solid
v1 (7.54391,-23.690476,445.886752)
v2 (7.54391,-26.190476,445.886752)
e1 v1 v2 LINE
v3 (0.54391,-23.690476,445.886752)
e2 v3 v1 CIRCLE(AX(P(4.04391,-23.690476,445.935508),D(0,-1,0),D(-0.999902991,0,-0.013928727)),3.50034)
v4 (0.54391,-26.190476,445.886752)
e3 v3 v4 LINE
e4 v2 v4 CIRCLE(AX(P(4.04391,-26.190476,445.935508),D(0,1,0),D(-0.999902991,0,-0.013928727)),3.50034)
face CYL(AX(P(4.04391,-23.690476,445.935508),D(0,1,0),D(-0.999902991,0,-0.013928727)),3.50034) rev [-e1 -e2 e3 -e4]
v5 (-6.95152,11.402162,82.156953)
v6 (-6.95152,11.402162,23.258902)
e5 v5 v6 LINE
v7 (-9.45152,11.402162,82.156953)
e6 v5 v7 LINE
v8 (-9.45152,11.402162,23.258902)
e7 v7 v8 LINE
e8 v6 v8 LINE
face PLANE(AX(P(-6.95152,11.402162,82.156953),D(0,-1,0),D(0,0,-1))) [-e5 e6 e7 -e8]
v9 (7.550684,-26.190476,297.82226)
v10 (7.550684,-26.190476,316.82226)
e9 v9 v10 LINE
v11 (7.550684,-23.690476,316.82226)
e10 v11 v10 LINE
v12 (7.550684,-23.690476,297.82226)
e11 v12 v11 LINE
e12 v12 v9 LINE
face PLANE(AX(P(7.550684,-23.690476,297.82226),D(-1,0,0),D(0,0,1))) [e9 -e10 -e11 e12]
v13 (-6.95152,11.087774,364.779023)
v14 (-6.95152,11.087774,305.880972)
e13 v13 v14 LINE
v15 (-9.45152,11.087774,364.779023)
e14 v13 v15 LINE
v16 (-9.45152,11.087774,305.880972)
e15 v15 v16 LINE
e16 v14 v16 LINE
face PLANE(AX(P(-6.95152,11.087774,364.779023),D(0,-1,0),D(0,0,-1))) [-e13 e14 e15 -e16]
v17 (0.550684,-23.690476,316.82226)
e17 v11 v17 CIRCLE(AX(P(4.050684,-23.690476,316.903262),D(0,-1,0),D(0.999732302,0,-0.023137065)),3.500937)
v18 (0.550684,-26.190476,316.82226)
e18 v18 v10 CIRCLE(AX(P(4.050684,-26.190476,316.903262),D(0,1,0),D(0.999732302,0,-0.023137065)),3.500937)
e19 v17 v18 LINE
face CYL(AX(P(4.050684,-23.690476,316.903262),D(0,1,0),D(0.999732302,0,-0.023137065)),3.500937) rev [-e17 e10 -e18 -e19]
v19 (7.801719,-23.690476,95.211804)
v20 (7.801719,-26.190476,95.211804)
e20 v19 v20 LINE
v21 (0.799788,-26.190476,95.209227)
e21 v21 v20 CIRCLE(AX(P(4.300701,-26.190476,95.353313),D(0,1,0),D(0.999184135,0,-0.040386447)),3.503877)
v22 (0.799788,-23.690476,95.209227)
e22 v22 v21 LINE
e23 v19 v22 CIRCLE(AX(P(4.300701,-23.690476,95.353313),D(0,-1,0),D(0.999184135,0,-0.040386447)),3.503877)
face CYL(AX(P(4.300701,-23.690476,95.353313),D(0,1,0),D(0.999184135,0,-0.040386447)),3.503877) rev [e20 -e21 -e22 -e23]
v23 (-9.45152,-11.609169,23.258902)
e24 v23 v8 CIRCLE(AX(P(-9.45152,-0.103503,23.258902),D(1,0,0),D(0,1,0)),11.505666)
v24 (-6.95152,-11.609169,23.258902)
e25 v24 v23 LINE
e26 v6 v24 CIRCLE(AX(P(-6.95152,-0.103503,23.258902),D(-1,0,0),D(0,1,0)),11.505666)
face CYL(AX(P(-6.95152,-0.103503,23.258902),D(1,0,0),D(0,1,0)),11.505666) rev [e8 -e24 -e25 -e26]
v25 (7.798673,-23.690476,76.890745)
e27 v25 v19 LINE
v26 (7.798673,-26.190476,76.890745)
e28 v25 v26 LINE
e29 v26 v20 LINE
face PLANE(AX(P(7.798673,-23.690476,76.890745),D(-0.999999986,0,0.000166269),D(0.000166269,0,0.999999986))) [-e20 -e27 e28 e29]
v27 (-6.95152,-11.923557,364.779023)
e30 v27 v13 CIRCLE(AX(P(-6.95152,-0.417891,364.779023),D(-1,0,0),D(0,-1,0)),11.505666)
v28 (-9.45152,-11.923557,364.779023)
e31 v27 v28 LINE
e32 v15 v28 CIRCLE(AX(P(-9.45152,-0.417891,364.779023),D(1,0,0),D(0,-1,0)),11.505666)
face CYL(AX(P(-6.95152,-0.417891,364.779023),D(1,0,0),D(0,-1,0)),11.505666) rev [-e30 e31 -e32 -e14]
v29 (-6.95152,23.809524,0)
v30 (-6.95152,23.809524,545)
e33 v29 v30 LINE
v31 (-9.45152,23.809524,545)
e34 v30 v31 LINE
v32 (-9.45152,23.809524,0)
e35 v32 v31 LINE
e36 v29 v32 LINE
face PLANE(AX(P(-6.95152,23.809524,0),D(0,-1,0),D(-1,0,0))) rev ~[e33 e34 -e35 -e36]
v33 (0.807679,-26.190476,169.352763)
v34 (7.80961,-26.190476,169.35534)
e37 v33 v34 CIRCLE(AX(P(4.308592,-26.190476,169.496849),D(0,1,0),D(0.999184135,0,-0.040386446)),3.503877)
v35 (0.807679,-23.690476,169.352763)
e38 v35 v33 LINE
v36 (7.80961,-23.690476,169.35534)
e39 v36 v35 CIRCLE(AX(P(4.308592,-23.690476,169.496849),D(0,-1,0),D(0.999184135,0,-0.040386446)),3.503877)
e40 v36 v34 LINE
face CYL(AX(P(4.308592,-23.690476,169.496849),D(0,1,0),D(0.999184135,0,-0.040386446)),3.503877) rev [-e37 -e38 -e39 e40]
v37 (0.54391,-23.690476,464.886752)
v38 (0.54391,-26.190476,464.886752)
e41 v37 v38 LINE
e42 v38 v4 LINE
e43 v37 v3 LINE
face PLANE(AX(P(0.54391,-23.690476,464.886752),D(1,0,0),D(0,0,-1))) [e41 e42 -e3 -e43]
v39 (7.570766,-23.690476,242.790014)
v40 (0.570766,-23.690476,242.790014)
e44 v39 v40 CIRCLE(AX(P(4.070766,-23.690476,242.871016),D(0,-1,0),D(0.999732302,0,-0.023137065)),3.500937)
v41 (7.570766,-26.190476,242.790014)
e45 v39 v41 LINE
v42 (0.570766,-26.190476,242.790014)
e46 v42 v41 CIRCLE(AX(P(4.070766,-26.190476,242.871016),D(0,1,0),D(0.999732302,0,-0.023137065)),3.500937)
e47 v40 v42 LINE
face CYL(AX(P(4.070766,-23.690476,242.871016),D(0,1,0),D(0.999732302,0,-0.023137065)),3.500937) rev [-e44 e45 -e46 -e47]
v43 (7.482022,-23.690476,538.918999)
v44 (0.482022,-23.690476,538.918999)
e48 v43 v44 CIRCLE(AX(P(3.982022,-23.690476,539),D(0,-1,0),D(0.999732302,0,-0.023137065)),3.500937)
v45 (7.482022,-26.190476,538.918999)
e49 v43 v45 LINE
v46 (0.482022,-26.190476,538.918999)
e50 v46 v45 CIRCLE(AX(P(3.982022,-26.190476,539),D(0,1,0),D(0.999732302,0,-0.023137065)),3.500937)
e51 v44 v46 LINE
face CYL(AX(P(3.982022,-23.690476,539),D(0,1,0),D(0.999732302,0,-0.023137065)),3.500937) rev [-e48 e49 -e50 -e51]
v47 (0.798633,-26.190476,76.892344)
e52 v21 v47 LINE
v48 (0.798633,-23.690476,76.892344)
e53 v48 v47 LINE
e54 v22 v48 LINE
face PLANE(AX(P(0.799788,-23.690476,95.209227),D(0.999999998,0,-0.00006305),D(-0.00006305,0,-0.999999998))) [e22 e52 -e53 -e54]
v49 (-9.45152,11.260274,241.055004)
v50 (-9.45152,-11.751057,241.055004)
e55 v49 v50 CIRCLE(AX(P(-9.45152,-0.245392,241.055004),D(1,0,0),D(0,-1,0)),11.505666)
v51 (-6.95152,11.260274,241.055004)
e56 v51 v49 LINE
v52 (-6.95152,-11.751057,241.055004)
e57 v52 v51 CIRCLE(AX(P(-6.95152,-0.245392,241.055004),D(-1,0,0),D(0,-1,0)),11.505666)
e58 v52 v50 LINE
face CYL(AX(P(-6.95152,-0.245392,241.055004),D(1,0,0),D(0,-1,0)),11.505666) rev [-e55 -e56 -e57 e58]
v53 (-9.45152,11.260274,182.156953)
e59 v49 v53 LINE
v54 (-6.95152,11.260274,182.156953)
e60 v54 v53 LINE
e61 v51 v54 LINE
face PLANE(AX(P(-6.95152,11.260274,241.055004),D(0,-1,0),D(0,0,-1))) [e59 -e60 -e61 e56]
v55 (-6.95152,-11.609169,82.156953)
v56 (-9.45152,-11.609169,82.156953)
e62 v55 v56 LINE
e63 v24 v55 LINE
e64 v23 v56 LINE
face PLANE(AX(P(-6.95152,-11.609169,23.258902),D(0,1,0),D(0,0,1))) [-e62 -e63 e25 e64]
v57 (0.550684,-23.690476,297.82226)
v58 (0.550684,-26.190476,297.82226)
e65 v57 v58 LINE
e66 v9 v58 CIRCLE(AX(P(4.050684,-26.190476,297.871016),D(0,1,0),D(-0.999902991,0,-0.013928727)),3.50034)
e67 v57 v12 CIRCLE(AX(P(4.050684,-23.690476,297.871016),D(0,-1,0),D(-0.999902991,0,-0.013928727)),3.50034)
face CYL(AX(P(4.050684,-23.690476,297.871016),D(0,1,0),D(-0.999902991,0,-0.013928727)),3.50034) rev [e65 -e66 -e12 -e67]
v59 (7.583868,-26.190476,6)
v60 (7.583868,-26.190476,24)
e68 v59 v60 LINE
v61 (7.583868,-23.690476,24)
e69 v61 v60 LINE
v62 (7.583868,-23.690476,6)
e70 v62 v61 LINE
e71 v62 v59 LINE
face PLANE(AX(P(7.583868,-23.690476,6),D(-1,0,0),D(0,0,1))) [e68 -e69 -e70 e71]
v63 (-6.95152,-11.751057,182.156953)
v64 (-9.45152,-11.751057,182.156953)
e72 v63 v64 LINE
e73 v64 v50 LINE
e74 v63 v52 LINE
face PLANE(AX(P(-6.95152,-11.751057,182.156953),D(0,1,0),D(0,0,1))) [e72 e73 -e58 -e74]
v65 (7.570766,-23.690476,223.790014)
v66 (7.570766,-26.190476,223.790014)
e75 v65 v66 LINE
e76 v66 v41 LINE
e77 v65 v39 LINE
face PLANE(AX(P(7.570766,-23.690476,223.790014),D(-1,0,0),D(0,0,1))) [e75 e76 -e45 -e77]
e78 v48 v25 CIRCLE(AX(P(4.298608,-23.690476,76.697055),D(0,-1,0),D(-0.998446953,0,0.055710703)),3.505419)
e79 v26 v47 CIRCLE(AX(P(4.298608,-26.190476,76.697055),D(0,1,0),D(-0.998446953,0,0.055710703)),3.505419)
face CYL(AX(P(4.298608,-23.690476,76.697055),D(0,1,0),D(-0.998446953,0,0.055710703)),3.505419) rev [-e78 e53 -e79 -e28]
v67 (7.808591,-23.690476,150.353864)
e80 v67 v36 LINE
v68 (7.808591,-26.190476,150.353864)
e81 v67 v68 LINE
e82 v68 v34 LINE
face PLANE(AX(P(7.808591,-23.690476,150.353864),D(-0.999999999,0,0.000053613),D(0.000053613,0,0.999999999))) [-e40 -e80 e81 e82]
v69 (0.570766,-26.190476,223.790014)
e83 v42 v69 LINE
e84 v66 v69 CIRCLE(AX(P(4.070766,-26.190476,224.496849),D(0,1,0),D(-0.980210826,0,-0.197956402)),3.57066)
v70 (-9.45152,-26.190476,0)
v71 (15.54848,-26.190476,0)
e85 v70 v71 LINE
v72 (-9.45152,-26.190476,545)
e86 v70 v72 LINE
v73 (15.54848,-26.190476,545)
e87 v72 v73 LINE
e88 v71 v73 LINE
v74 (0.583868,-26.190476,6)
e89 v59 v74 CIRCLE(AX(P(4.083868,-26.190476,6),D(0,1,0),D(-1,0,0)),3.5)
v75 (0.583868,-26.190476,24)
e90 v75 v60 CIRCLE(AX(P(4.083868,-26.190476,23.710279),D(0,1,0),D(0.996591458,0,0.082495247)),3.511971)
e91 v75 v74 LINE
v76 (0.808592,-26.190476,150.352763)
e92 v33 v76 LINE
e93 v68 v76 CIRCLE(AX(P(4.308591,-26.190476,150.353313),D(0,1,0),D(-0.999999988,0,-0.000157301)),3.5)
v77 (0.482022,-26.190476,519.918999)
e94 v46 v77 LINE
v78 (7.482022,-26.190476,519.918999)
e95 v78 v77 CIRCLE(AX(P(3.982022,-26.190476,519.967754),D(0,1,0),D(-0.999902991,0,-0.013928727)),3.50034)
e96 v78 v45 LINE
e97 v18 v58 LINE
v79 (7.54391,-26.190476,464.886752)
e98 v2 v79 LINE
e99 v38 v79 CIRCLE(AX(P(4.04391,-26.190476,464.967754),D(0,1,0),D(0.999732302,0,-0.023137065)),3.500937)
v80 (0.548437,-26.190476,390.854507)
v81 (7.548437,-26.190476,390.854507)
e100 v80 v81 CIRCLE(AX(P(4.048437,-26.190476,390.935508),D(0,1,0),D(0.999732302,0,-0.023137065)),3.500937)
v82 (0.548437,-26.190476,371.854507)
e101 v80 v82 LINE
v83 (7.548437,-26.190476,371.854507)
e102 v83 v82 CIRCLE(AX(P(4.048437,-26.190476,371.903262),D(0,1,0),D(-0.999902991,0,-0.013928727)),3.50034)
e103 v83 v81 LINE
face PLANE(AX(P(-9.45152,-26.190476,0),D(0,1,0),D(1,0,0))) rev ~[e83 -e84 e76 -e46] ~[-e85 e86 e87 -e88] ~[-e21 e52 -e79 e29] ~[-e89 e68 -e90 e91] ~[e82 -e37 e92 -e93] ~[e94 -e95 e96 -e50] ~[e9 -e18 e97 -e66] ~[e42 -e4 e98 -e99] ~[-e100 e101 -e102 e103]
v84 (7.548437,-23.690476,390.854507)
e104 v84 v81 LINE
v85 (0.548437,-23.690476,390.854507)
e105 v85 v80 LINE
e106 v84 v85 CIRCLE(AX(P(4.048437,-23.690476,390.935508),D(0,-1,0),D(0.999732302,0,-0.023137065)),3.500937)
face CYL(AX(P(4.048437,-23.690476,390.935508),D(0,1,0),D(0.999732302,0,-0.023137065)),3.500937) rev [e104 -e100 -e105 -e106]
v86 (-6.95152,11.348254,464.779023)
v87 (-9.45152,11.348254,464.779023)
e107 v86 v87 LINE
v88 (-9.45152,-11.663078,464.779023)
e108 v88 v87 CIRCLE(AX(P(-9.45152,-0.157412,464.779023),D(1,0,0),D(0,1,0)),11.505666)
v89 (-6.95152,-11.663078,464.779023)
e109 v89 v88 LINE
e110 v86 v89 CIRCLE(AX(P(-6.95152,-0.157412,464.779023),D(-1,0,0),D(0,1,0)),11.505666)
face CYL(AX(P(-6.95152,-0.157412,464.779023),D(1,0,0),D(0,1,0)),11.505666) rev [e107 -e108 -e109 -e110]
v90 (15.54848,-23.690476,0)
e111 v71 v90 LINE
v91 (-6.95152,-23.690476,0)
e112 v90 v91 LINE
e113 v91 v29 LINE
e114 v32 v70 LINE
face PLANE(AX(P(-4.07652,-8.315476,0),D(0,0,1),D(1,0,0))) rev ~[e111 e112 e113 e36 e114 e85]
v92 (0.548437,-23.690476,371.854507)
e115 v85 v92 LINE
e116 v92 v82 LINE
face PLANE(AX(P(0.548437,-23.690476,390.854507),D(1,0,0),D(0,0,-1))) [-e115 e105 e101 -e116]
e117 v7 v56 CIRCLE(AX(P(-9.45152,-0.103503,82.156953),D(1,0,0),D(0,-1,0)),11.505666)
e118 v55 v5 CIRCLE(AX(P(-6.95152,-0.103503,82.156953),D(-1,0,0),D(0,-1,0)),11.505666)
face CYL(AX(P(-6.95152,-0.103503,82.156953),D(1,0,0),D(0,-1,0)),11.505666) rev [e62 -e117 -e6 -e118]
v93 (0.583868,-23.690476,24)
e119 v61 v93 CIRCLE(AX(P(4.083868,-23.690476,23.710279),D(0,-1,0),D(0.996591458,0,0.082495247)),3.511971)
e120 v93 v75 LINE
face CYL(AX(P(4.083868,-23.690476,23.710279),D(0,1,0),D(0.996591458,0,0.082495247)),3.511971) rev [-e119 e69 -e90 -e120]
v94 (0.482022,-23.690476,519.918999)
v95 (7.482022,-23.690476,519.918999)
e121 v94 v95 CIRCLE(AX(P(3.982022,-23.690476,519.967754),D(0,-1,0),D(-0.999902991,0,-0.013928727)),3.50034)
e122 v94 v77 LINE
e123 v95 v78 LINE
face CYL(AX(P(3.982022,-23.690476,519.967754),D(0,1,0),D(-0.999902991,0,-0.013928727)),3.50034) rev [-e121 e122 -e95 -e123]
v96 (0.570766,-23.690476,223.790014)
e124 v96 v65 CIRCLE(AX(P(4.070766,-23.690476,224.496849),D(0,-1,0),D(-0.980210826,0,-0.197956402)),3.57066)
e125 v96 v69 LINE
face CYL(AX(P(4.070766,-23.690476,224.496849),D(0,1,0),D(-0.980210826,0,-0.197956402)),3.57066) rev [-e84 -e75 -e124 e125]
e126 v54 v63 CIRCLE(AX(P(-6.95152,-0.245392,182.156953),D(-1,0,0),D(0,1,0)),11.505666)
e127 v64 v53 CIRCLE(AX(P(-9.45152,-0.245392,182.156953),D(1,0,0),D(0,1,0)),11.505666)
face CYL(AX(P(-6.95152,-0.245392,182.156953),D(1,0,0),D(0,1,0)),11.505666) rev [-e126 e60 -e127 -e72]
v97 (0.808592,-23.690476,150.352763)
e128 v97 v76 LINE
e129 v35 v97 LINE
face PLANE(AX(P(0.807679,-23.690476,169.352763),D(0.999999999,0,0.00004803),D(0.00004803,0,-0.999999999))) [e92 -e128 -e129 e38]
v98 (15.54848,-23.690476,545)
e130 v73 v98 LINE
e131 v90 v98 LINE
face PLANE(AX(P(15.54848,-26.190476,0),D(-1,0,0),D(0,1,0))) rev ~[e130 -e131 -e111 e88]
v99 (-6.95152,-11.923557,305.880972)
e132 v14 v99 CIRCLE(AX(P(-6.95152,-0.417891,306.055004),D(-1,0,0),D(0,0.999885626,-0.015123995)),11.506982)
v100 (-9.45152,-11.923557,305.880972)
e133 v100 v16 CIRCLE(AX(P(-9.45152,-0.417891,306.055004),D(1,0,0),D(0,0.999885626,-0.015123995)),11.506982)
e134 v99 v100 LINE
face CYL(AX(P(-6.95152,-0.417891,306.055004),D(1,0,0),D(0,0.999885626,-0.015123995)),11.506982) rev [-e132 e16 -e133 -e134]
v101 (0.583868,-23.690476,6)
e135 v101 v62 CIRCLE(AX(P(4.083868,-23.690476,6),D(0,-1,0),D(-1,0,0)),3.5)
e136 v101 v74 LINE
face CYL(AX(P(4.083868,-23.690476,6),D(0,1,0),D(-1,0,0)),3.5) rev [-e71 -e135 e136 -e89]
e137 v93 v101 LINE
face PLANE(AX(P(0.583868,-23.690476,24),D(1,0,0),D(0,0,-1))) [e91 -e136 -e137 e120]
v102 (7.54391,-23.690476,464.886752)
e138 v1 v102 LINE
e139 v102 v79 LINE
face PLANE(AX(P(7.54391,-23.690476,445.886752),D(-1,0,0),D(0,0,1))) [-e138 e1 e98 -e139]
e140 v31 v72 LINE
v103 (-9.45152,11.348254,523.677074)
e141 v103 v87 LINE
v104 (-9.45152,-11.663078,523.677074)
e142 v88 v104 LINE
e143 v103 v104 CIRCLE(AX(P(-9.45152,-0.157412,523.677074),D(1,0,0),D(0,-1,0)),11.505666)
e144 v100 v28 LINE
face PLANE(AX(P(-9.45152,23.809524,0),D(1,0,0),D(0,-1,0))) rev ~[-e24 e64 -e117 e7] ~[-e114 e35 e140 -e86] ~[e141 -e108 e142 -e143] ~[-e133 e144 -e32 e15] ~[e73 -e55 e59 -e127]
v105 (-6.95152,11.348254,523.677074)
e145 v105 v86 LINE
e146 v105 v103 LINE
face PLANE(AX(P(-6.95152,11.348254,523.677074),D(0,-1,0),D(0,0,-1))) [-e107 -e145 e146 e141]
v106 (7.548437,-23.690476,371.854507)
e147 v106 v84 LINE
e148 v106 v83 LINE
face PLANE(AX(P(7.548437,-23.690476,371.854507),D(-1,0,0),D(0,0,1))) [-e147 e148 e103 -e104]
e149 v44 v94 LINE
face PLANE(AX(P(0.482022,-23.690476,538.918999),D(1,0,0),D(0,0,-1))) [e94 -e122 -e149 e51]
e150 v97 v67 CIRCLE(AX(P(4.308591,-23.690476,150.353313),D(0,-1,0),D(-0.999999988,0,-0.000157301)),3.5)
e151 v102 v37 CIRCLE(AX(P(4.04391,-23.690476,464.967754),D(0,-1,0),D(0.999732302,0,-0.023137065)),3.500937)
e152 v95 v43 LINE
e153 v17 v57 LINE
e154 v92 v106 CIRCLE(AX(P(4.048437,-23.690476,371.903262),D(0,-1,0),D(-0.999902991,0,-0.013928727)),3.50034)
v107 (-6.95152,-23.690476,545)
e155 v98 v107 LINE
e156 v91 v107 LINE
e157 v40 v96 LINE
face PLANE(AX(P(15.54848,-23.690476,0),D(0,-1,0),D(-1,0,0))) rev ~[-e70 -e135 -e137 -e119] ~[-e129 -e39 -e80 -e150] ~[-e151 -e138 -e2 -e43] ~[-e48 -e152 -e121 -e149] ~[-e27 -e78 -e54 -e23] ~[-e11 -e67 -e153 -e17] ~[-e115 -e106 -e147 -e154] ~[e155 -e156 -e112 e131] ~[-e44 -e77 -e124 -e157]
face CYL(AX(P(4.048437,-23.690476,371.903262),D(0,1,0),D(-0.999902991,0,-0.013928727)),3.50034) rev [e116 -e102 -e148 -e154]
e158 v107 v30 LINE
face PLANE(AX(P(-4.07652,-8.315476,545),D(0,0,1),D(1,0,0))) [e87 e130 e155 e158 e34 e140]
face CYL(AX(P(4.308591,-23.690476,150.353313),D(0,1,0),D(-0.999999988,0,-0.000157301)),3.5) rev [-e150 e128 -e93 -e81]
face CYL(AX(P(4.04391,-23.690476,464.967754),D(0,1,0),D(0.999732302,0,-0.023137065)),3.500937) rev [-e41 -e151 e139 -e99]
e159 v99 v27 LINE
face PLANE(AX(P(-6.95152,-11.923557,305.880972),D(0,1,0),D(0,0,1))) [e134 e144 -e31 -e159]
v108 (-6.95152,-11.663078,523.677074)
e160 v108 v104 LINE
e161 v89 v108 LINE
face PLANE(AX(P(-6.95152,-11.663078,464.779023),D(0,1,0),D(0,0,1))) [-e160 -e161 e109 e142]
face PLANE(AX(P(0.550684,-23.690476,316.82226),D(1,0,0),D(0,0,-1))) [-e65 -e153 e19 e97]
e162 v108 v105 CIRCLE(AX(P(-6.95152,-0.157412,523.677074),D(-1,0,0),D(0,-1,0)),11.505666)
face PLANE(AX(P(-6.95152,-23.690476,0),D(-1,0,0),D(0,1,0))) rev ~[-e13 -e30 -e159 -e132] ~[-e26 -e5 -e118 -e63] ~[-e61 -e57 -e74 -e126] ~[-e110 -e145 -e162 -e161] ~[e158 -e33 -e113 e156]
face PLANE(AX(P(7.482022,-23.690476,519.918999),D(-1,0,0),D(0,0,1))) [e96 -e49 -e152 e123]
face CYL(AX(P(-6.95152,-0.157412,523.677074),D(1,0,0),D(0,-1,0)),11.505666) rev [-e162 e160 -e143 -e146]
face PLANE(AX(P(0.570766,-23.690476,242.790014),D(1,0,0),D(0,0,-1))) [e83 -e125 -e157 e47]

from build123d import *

# Parameters (mm, degrees)
BOSS_EXTRUDE1_DEPTH = 545
CUT_EXTRUDE2_DEPTH  = 10
CUT_EXTRUDE3_DEPTH  = 10


with BuildPart() as part:
    # Sketch1 → Boss-Extrude1 (new body)
    with BuildSketch(Plane.XY):
        Polygon((-9.451520251, 23.80952381), (-9.451520251, -26.19047619), (15.548479749, -26.19047619), (15.548479749, -23.69047619), (-6.951520251, -23.69047619), (-6.951520251, 23.80952381), align=None)
    extrude(amount=BOSS_EXTRUDE1_DEPTH)

    # Sketch3 → Cut-Extrude2 (cut)
    with BuildSketch(Plane(origin=(0, -23.69047619, 0), x_dir=(1, 0, 0), z_dir=(0, 1, 0))):
        with BuildLine():
            Line((0.57076558, -242.790014276), (0.57076558, -223.790014276))
            ThreePointArc((0.57076558, -223.790014276), (4.07076558, -220.926188945), (7.57076558, -223.790014276))
            Line((7.57076558, -223.790014276), (7.57076558, -242.790014276))
            ThreePointArc((7.57076558, -242.790014276), (4.07076558, -246.37195288), (0.57076558, -242.790014276))
        make_face()
        with BuildLine():
            Line((0.807679204, -169.35276274), (0.808591774, -150.352762761))
            ThreePointArc((0.808591774, -150.352762761), (4.309142051, -146.853313591), (7.808591221, -150.353863868))
            Line((7.808591221, -150.353863868), (7.809609956, -169.355340241))
            ThreePointArc((7.809609956, -169.355340241), (4.307302192, -173.000725763), (0.807679204, -169.35276274))
        make_face()
        with BuildLine():
            Line((0.583868221, -24), (0.583868221, -6))
            ThreePointArc((0.583868221, -6), (4.083868221, -2.5), (7.583868221, -6))
            Line((7.583868221, -6), (7.583868221, -24))
            ThreePointArc((7.583868221, -24), (4.083868221, -27.222249808), (0.583868221, -24))
        make_face()
        with BuildLine():
            Line((0.55068367, -316.822260412), (0.55068367, -297.822260412))
            ThreePointArc((0.55068367, -297.822260412), (4.05068367, -294.370676122), (7.55068367, -297.822260412))
            Line((7.55068367, -297.822260412), (7.55068367, -316.822260412))
            ThreePointArc((7.55068367, -316.822260412), (4.05068367, -320.404199017), (0.55068367, -316.822260412))
        make_face()
        with BuildLine():
            Line((0.548436659, -390.854506502), (0.548436659, -371.854506502))
            ThreePointArc((0.548436659, -371.854506502), (4.048436659, -368.402922212), (7.548436659, -371.854506502))
            Line((7.548436659, -371.854506502), (7.548436659, -390.854506502))
            ThreePointArc((7.548436659, -390.854506502), (4.048436659, -394.436445107), (0.548436659, -390.854506502))
        make_face()
        with BuildLine():
            Line((0.543910271, -464.886752452), (0.543910271, -445.886752452))
            ThreePointArc((0.543910271, -445.886752452), (4.043910271, -442.435168162), (7.543910271, -445.886752452))
            Line((7.543910271, -445.886752452), (7.543910271, -464.886752452))
            ThreePointArc((7.543910271, -464.886752452), (4.043910271, -468.468691057), (0.543910271, -464.886752452))
        make_face()
        with BuildLine():
            Line((0.482021973, -538.918998588), (0.482021973, -519.918998588))
            ThreePointArc((0.482021973, -519.918998588), (3.982021973, -516.467414298), (7.482021973, -519.918998588))
            Line((7.482021973, -519.918998588), (7.482021973, -538.918998588))
            ThreePointArc((7.482021973, -538.918998588), (3.982021973, -542.500937193), (0.482021973, -538.918998588))
        make_face()
        with BuildLine():
            Line((0.799787986, -95.209226687), (0.798633115, -76.892344291))
            ThreePointArc((0.798633115, -76.892344291), (4.297807626, -73.191635658), (7.798672507, -76.890745244))
            Line((7.798672507, -76.890745244), (7.801718738, -95.211804188))
            ThreePointArc((7.801718738, -95.211804188), (4.299410974, -98.857189711), (0.799787986, -95.209226687))
        make_face()
    extrude(amount=-CUT_EXTRUDE2_DEPTH, mode=Mode.SUBTRACT)

    # Sketch2 → Cut-Extrude3 (cut)
    with BuildSketch(Plane(origin=(-6.951520251, 0, 0), x_dir=(0, 0, -1), z_dir=(1, 0, 0))):
        with BuildLine():
            Line((-523.677073705, 11.34825395), (-464.779022926, 11.34825395))
            ThreePointArc((-464.779022926, 11.34825395), (-453.273357193, -0.157411783), (-464.779022926, -11.663077517))
            Line((-464.779022926, -11.663077517), (-523.677073705, -11.663077517))
            ThreePointArc((-523.677073705, -11.663077517), (-535.182739439, -0.157411783), (-523.677073705, 11.34825395))
        make_face()
        with BuildLine():
            Line((-364.779022926, 11.087774361), (-305.880972148, 11.087774361))
            ThreePointArc((-305.880972148, 11.087774361), (-294.548021848, -0.417891372), (-305.880972148, -11.923557106))
            Line((-305.880972148, -11.923557106), (-364.779022926, -11.923557106))
            ThreePointArc((-364.779022926, -11.923557106), (-376.28468866, -0.417891372), (-364.779022926, 11.087774361))
        make_face()
        with BuildLine():
            Line((-241.055003683, 11.260273997), (-182.156952904, 11.260273997))
            ThreePointArc((-182.156952904, 11.260273997), (-170.65128717, -0.245391736), (-182.156952904, -11.75105747))
            Line((-182.156952904, -11.75105747), (-241.055003683, -11.75105747))
            ThreePointArc((-241.055003683, -11.75105747), (-252.560669416, -0.245391736), (-241.055003683, 11.260273997))
        make_face()
        with BuildLine():
            Line((-82.156952904, 11.402162448), (-23.258902125, 11.402162448))
            ThreePointArc((-23.258902125, 11.402162448), (-11.753236392, -0.103503285), (-23.258902125, -11.609169019))
            Line((-23.258902125, -11.609169019), (-82.156952904, -11.609169019))
            ThreePointArc((-82.156952904, -11.609169019), (-93.662618637, -0.103503285), (-82.156952904, 11.402162448))
        make_face()
    extrude(amount=-CUT_EXTRUDE3_DEPTH, mode=Mode.SUBTRACT)


solid = part.part
